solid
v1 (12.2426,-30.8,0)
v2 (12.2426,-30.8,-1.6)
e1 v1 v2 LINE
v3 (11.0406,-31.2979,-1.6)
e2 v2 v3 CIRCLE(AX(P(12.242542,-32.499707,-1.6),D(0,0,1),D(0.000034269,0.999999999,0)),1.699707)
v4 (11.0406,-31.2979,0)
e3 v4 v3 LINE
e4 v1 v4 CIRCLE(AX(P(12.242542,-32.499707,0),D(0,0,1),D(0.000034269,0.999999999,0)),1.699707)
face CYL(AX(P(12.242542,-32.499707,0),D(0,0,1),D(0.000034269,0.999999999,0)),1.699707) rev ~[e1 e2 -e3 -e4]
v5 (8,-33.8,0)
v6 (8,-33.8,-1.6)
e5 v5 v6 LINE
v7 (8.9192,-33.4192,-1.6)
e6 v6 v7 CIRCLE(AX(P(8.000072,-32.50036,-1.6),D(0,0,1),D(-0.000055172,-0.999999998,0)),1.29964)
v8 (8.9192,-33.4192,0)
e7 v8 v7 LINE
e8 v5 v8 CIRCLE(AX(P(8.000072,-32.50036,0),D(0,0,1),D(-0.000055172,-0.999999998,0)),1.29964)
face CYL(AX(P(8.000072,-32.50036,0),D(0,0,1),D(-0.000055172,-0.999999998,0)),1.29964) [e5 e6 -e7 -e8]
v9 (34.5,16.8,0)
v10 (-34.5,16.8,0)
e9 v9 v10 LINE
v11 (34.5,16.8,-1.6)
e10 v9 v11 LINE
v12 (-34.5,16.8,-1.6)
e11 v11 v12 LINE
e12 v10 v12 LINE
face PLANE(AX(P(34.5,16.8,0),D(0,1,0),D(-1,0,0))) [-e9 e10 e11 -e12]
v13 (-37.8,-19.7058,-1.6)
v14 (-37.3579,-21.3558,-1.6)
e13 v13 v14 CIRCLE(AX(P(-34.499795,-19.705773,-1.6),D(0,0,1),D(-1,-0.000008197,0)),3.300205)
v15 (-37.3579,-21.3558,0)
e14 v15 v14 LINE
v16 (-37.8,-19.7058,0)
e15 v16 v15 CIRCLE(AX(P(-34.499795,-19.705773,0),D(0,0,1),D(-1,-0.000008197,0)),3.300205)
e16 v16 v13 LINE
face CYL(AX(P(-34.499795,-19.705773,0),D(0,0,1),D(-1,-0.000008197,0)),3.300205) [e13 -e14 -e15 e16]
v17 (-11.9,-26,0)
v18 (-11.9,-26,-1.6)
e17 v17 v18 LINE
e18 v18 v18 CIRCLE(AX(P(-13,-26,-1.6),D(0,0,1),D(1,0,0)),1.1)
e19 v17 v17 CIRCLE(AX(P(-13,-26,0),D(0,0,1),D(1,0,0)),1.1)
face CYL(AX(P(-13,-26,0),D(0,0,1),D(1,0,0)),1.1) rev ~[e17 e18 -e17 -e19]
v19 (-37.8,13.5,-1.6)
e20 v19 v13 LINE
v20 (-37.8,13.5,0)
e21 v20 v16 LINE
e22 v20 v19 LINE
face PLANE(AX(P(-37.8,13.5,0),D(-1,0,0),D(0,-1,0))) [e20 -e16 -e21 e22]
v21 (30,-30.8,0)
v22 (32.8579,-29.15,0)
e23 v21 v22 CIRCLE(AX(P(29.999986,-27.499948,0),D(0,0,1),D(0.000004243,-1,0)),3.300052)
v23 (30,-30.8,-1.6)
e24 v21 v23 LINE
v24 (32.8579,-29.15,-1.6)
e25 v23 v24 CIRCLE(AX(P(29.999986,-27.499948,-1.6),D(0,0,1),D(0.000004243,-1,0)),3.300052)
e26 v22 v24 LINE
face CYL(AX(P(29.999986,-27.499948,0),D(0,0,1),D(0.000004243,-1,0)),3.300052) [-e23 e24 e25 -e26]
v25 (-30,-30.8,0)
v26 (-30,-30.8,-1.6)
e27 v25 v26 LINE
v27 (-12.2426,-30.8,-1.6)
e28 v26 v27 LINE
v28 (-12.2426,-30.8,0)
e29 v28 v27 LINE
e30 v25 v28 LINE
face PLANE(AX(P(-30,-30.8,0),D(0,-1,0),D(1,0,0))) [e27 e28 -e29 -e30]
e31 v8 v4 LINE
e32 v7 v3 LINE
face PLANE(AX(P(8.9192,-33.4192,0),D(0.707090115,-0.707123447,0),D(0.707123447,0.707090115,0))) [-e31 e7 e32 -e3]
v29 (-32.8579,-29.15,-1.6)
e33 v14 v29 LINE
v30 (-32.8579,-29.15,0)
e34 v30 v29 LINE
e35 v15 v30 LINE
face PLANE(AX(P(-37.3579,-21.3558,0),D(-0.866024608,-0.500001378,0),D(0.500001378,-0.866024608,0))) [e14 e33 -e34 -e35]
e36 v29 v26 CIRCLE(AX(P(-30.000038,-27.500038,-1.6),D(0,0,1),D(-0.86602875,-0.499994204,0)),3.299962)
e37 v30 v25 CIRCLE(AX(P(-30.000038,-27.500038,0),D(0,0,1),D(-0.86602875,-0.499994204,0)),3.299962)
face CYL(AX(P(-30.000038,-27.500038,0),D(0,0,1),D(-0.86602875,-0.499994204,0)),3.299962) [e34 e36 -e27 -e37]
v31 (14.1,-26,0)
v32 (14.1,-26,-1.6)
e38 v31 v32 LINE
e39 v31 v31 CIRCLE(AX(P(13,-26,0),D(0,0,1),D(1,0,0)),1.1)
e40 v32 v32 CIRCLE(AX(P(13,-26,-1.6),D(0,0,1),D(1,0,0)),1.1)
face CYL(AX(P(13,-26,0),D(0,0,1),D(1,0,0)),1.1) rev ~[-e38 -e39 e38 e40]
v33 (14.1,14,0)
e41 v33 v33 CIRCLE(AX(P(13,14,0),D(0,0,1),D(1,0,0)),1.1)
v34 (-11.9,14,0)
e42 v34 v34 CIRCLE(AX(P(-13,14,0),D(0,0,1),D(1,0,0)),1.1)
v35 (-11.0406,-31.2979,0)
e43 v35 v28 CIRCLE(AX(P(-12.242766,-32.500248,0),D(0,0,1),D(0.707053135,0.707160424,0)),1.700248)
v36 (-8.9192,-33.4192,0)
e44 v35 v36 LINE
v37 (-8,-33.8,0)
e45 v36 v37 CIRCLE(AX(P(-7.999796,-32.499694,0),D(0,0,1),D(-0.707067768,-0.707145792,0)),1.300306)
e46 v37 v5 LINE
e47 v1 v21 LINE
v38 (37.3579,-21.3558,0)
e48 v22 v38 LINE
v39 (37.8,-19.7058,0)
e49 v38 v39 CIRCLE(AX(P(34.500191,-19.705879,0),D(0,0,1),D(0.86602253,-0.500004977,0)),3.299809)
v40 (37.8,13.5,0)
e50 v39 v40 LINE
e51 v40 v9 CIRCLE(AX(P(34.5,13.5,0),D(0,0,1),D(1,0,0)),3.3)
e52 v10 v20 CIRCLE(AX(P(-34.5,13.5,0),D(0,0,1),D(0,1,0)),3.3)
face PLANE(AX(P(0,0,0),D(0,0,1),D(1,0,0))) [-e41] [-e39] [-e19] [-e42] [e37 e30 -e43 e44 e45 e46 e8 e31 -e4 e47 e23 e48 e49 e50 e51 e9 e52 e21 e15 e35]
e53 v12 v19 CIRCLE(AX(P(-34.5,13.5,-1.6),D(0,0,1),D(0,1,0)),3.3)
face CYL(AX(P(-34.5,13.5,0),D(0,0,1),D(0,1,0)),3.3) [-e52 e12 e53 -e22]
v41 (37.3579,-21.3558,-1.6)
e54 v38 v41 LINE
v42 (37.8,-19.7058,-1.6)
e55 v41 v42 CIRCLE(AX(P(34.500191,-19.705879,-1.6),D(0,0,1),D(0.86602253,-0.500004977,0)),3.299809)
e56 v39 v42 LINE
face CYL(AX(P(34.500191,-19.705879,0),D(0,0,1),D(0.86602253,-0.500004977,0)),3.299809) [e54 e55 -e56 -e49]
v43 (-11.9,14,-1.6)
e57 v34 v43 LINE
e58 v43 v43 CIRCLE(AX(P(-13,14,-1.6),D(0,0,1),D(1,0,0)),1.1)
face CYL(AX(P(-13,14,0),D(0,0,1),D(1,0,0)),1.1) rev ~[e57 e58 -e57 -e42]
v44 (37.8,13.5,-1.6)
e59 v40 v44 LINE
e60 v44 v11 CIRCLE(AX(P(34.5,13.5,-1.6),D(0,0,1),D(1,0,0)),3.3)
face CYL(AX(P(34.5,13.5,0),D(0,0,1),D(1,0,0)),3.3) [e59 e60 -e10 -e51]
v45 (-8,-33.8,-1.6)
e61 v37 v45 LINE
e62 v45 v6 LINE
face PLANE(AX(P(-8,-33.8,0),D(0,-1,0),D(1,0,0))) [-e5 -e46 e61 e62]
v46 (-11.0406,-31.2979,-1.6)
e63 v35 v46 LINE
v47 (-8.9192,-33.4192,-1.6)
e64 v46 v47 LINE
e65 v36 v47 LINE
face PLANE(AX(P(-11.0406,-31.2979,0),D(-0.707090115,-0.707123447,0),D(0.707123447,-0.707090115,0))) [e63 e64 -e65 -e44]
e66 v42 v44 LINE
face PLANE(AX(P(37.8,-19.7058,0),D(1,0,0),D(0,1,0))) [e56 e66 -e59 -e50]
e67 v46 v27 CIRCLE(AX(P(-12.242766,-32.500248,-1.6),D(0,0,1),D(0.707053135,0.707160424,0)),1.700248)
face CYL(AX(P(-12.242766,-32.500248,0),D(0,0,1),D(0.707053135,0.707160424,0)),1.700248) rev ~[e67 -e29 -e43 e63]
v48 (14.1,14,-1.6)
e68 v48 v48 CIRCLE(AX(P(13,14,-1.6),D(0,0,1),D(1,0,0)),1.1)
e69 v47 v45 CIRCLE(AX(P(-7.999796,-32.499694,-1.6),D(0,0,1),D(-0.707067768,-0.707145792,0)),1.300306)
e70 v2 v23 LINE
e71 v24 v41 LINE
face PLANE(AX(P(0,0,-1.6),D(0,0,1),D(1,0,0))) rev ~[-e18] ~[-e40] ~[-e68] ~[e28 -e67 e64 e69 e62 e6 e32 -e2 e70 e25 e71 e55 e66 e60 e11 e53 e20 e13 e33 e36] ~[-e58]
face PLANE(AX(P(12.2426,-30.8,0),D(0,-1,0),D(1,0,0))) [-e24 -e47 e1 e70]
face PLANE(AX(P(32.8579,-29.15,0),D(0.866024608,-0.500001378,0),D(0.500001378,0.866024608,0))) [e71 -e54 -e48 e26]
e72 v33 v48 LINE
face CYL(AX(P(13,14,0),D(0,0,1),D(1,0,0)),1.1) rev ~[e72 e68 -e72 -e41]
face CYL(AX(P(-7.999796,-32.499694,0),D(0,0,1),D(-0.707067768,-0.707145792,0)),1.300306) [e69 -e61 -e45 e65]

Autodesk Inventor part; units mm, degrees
ref_plane "YZ Plane" through (0, 0, 0) normal (1, 0, 0) x (0, 1, 0)
ref_plane "XZ Plane" through (0, 0, 0) normal (0, 1, 0) x (-1, 0, 0)
ref_plane "XY Plane" through (0, 0, 0) normal (0, 0, 1) x (1, 0, 0)
sketch "スケッチ1" plane through (0, 0, 0) normal (0, 0, 1) x (1, 0, 0)
  line L0 (8, -34) -> (-8, -34) construction
  arc A0 (-9.0607, -33.5607) -> (-8, -34) centre (-8, -32.5) ccw construction
  line L1 (-11.182, -31.4393) -> (-9.0607, -33.5607) construction
  arc A1 (-11.182, -31.4393) -> (-12.2426, -31) centre (-12.2426, -32.5) ccw construction
  line L2 (-30, -31) -> (-12.2426, -31) construction
  arc A2 (-33.0311, -29.25) -> (-30, -31) centre (-30, -27.5) ccw construction
  line L3 (-37.5311, -21.4558) -> (-33.0311, -29.25) construction
  arc A3 (-38, -19.7058) -> (-37.5311, -21.4558) centre (-34.5, -19.7058) ccw construction
  line L4 (-38, 13.5) -> (-38, -19.7058) construction
  arc A4 (-34.5, 17) -> (-38, 13.5) centre (-34.5, 13.5) ccw construction
  line L5 (34.5, 17) -> (-34.5, 17) construction
  arc A5 (38, 13.5) -> (34.5, 17) centre (34.5, 13.5) ccw construction
  line L6 (38, 13.5) -> (38, -19.7058) construction
  arc A6 (37.5311, -21.4558) -> (38, -19.7058) centre (34.5, -19.7058) ccw construction
  line L7 (37.5311, -21.4558) -> (33.0311, -29.25) construction
  arc A7 (30, -31) -> (33.0311, -29.25) centre (30, -27.5) ccw construction
  line L8 (30, -31) -> (12.2426, -31) construction
  arc A8 (12.2426, -31) -> (11.182, -31.4393) centre (12.2426, -32.5) ccw construction
  line L9 (11.182, -31.4393) -> (9.0607, -33.5607) construction
  arc A9 (8, -34) -> (9.0607, -33.5607) centre (8, -32.5) ccw construction
  line L10 (32.8579, -29.15) -> (37.3579, -21.3558)
  arc A10 (37.3579, -21.3558) -> (37.8, -19.7058) centre (34.5, -19.7058) ccw
  line L11 (37.8, -19.7058) -> (37.8, 13.5)
  arc A11 (37.8, 13.5) -> (34.5, 16.8) centre (34.5, 13.5) ccw
  line L12 (34.5, 16.8) -> (-34.5, 16.8)
  arc A12 (-34.5, 16.8) -> (-37.8, 13.5) centre (-34.5, 13.5) ccw
  line L13 (-37.8, 13.5) -> (-37.8, -19.7058)
  arc A13 (-37.8, -19.7058) -> (-37.3579, -21.3558) centre (-34.5, -19.7058) ccw
  line L14 (-37.3579, -21.3558) -> (-32.8579, -29.15)
  arc A14 (-32.8579, -29.15) -> (-30, -30.8) centre (-30, -27.5) ccw
  line L15 (-30, -30.8) -> (-12.2426, -30.8)
  arc A15 (-11.0406, -31.2979) -> (-12.2426, -30.8) centre (-12.2426, -32.5) ccw
  line L16 (-11.0406, -31.2979) -> (-8.9192, -33.4192)
  arc A16 (-8.9192, -33.4192) -> (-8, -33.8) centre (-8, -32.5) ccw
  line L17 (-8, -33.8) -> (8, -33.8)
  arc A17 (8, -33.8) -> (8.9192, -33.4192) centre (8, -32.5) ccw
  line L18 (8.9192, -33.4192) -> (11.0406, -31.2979)
  arc A18 (12.2426, -30.8) -> (11.0406, -31.2979) centre (12.2426, -32.5) ccw
  line L19 (12.2426, -30.8) -> (30, -30.8)
  arc A19 (30, -30.8) -> (32.8579, -29.15) centre (30, -27.5) ccw
  circle A20 centre (-13, -26) radius 1.1
  circle A21 centre (-13, 14) radius 1.1
  arc A22 (-13, -23) -> (-16, -26) centre (-13, -26) ccw construction
  arc A23 (-16, 14) -> (-13, 11) centre (-13, 14) ccw construction
  line L20 (0, 0) -> (0, -37.0919) construction
  circle A24 centre (13, -26) radius 1.1
  circle A25 centre (13, 14) radius 1.1
  dimension "d28" = 0.2
  dimension "d29" = 2.2
extrude "押し出し1" add sketch "スケッチ1" against normal blind 1.6
properties part number "21_043_PROCESSOR_PCB_R1" material "GFRC"
